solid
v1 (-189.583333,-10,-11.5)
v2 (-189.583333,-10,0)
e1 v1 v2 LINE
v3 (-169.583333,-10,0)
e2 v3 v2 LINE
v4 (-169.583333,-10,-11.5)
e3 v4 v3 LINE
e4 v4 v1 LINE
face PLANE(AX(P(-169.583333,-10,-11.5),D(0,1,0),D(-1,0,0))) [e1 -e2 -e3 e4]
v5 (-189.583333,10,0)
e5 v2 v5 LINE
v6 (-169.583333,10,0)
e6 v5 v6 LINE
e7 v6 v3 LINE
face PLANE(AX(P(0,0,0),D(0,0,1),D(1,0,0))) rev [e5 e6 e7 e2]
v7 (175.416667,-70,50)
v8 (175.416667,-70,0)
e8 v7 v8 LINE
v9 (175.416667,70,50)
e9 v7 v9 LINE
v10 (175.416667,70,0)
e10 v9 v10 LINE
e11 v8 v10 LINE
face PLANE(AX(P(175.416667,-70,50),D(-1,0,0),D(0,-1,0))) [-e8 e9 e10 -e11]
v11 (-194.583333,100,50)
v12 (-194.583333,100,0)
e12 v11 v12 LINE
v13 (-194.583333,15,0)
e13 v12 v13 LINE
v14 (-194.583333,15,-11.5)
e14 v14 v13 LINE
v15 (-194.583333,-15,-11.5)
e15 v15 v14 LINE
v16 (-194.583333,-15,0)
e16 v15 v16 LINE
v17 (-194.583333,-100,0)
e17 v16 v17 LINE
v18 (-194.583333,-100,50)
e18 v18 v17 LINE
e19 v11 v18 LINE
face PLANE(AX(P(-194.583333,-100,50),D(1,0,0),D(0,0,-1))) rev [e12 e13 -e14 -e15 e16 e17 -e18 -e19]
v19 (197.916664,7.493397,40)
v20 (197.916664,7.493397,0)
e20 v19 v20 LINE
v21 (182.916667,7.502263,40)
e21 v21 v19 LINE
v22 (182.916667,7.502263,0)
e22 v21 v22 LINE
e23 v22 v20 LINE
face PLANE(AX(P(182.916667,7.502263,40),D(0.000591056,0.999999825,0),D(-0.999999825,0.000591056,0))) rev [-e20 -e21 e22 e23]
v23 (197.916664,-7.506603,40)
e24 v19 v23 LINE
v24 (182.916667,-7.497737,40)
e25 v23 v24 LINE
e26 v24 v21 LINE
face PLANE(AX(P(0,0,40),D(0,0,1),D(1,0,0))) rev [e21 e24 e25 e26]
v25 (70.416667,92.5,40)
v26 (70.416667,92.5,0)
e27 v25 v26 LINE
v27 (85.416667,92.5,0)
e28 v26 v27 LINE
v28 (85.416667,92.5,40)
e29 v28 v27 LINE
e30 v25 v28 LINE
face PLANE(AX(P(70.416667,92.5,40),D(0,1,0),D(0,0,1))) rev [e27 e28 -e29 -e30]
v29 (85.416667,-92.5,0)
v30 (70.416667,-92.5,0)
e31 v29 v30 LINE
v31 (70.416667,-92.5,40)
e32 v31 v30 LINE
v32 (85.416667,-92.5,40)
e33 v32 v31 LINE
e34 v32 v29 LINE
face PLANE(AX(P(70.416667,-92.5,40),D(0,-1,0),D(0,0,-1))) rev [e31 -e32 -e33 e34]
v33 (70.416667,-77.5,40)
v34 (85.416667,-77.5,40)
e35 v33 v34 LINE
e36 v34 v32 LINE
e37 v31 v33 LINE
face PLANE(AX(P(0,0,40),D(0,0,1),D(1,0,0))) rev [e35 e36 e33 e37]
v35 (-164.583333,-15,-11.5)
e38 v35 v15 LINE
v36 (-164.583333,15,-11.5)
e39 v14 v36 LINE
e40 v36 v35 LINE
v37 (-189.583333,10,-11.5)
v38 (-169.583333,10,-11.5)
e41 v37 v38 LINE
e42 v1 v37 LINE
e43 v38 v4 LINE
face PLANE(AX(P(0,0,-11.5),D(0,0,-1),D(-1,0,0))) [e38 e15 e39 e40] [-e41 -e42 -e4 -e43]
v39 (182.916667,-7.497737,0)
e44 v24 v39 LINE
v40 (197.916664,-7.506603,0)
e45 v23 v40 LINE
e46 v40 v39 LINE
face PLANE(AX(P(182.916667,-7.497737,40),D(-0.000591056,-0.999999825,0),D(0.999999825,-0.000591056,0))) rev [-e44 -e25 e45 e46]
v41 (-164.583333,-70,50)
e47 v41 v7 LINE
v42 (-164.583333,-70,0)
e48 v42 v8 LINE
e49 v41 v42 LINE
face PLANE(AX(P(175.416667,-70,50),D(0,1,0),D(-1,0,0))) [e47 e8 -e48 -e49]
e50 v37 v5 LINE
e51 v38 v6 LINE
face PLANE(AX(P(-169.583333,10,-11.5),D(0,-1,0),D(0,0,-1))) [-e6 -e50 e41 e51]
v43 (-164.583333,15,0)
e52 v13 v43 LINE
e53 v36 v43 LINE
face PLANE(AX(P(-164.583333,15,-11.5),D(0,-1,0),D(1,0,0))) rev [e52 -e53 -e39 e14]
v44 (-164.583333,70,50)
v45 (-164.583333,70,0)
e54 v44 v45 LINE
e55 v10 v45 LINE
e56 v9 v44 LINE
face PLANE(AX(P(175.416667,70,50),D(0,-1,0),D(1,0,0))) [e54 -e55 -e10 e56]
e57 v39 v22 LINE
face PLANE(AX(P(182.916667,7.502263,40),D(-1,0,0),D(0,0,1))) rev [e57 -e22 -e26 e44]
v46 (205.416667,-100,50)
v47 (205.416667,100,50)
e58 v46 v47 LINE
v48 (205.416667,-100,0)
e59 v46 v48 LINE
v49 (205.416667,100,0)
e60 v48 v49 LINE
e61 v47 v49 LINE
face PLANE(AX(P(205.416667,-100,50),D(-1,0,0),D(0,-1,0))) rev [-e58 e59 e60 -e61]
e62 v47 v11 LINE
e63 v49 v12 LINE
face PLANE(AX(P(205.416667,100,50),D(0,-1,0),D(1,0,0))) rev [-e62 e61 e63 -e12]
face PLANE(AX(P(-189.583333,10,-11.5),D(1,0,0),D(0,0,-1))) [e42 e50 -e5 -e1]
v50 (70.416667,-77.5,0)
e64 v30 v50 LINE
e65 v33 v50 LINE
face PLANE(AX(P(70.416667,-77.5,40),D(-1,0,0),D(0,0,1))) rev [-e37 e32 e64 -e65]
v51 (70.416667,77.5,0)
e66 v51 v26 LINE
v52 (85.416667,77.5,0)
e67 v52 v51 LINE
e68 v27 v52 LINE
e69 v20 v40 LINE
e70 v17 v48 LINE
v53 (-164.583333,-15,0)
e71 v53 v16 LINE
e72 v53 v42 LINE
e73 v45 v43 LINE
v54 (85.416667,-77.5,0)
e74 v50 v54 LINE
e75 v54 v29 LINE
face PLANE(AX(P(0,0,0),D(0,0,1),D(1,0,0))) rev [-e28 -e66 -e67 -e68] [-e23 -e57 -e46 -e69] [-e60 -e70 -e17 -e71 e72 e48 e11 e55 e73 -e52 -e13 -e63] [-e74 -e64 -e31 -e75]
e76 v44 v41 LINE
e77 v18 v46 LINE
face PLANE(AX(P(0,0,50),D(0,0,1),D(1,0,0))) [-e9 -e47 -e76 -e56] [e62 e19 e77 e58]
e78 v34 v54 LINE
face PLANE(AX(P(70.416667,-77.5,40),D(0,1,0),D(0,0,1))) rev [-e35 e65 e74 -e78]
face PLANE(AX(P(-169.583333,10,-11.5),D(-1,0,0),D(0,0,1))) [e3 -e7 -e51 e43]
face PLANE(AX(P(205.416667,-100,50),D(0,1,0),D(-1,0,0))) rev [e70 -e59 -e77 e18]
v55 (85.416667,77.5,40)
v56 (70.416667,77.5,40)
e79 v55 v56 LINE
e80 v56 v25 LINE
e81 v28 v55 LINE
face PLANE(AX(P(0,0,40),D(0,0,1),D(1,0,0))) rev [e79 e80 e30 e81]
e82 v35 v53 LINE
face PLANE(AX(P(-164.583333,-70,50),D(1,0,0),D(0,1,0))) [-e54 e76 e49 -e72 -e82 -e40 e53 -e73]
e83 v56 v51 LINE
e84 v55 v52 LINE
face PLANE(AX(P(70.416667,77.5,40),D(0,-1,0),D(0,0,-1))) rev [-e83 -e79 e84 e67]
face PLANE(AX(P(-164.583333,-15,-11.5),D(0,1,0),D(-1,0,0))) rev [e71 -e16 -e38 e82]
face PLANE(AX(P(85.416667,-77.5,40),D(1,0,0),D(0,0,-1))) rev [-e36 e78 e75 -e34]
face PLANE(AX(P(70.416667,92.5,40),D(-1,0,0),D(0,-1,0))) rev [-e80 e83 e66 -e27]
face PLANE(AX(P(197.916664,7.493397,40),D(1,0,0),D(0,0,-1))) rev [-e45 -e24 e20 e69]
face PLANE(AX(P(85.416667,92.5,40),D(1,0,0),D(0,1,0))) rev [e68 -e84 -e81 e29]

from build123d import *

# Parameters (mm, degrees)
SKETCH1_W           = 400
SKETCH1_H           = 200
SKETCH1_W_2         = 340
SKETCH1_H_2         = 140
BOSS_EXTRUDE1_DEPTH = 50
SKETCH2_W           = 15
SKETCH2_H           = 15
CUT_EXTRUDE1_DEPTH  = 40
SKETCH3_W           = 30
SKETCH3_H           = 30
SKETCH3_W_2         = 20
SKETCH3_H_2         = 20
BOSS_EXTRUDE2_DEPTH = 11.5


with BuildPart() as part:
    # Sketch1 → Boss-Extrude1 (new body)
    with BuildSketch(Plane.XY):
        with Locations((5.416666667, 0)):
            Rectangle(SKETCH1_W, SKETCH1_H)
        with Locations((5.416666667, 0)):
            Rectangle(SKETCH1_W_2, SKETCH1_H_2, mode=Mode.SUBTRACT)
    extrude(amount=BOSS_EXTRUDE1_DEPTH)

    # Sketch2 → Cut-Extrude1 (cut)
    with BuildSketch(Plane(origin=(0, 0, 0), x_dir=(-1, 0, 0), z_dir=(0, 0, -1))):
        with Locations((-77.916666667, 85)):
            Rectangle(SKETCH2_W, SKETCH2_H)
        with Locations((-77.916666667, -85)):
            Rectangle(SKETCH2_W, SKETCH2_H)
        Polygon((-197.916664047, 7.493396785), (-197.916664047, -7.506603215), (-182.916666667, -7.497737374), (-182.916666667, 7.502262626), align=None)
    extrude(amount=-CUT_EXTRUDE1_DEPTH, mode=Mode.SUBTRACT)

    # Sketch3 → Boss-Extrude2 (add)
    with BuildSketch(Plane(origin=(0, 0, 0), x_dir=(-1, 0, 0), z_dir=(0, 0, -1))):
        with Locations((179.583333333, 0)):
            Rectangle(SKETCH3_W, SKETCH3_H)
        with Locations((179.583333333, 0)):
            Rectangle(SKETCH3_W_2, SKETCH3_H_2, mode=Mode.SUBTRACT)
    extrude(amount=BOSS_EXTRUDE2_DEPTH)


solid = part.part
